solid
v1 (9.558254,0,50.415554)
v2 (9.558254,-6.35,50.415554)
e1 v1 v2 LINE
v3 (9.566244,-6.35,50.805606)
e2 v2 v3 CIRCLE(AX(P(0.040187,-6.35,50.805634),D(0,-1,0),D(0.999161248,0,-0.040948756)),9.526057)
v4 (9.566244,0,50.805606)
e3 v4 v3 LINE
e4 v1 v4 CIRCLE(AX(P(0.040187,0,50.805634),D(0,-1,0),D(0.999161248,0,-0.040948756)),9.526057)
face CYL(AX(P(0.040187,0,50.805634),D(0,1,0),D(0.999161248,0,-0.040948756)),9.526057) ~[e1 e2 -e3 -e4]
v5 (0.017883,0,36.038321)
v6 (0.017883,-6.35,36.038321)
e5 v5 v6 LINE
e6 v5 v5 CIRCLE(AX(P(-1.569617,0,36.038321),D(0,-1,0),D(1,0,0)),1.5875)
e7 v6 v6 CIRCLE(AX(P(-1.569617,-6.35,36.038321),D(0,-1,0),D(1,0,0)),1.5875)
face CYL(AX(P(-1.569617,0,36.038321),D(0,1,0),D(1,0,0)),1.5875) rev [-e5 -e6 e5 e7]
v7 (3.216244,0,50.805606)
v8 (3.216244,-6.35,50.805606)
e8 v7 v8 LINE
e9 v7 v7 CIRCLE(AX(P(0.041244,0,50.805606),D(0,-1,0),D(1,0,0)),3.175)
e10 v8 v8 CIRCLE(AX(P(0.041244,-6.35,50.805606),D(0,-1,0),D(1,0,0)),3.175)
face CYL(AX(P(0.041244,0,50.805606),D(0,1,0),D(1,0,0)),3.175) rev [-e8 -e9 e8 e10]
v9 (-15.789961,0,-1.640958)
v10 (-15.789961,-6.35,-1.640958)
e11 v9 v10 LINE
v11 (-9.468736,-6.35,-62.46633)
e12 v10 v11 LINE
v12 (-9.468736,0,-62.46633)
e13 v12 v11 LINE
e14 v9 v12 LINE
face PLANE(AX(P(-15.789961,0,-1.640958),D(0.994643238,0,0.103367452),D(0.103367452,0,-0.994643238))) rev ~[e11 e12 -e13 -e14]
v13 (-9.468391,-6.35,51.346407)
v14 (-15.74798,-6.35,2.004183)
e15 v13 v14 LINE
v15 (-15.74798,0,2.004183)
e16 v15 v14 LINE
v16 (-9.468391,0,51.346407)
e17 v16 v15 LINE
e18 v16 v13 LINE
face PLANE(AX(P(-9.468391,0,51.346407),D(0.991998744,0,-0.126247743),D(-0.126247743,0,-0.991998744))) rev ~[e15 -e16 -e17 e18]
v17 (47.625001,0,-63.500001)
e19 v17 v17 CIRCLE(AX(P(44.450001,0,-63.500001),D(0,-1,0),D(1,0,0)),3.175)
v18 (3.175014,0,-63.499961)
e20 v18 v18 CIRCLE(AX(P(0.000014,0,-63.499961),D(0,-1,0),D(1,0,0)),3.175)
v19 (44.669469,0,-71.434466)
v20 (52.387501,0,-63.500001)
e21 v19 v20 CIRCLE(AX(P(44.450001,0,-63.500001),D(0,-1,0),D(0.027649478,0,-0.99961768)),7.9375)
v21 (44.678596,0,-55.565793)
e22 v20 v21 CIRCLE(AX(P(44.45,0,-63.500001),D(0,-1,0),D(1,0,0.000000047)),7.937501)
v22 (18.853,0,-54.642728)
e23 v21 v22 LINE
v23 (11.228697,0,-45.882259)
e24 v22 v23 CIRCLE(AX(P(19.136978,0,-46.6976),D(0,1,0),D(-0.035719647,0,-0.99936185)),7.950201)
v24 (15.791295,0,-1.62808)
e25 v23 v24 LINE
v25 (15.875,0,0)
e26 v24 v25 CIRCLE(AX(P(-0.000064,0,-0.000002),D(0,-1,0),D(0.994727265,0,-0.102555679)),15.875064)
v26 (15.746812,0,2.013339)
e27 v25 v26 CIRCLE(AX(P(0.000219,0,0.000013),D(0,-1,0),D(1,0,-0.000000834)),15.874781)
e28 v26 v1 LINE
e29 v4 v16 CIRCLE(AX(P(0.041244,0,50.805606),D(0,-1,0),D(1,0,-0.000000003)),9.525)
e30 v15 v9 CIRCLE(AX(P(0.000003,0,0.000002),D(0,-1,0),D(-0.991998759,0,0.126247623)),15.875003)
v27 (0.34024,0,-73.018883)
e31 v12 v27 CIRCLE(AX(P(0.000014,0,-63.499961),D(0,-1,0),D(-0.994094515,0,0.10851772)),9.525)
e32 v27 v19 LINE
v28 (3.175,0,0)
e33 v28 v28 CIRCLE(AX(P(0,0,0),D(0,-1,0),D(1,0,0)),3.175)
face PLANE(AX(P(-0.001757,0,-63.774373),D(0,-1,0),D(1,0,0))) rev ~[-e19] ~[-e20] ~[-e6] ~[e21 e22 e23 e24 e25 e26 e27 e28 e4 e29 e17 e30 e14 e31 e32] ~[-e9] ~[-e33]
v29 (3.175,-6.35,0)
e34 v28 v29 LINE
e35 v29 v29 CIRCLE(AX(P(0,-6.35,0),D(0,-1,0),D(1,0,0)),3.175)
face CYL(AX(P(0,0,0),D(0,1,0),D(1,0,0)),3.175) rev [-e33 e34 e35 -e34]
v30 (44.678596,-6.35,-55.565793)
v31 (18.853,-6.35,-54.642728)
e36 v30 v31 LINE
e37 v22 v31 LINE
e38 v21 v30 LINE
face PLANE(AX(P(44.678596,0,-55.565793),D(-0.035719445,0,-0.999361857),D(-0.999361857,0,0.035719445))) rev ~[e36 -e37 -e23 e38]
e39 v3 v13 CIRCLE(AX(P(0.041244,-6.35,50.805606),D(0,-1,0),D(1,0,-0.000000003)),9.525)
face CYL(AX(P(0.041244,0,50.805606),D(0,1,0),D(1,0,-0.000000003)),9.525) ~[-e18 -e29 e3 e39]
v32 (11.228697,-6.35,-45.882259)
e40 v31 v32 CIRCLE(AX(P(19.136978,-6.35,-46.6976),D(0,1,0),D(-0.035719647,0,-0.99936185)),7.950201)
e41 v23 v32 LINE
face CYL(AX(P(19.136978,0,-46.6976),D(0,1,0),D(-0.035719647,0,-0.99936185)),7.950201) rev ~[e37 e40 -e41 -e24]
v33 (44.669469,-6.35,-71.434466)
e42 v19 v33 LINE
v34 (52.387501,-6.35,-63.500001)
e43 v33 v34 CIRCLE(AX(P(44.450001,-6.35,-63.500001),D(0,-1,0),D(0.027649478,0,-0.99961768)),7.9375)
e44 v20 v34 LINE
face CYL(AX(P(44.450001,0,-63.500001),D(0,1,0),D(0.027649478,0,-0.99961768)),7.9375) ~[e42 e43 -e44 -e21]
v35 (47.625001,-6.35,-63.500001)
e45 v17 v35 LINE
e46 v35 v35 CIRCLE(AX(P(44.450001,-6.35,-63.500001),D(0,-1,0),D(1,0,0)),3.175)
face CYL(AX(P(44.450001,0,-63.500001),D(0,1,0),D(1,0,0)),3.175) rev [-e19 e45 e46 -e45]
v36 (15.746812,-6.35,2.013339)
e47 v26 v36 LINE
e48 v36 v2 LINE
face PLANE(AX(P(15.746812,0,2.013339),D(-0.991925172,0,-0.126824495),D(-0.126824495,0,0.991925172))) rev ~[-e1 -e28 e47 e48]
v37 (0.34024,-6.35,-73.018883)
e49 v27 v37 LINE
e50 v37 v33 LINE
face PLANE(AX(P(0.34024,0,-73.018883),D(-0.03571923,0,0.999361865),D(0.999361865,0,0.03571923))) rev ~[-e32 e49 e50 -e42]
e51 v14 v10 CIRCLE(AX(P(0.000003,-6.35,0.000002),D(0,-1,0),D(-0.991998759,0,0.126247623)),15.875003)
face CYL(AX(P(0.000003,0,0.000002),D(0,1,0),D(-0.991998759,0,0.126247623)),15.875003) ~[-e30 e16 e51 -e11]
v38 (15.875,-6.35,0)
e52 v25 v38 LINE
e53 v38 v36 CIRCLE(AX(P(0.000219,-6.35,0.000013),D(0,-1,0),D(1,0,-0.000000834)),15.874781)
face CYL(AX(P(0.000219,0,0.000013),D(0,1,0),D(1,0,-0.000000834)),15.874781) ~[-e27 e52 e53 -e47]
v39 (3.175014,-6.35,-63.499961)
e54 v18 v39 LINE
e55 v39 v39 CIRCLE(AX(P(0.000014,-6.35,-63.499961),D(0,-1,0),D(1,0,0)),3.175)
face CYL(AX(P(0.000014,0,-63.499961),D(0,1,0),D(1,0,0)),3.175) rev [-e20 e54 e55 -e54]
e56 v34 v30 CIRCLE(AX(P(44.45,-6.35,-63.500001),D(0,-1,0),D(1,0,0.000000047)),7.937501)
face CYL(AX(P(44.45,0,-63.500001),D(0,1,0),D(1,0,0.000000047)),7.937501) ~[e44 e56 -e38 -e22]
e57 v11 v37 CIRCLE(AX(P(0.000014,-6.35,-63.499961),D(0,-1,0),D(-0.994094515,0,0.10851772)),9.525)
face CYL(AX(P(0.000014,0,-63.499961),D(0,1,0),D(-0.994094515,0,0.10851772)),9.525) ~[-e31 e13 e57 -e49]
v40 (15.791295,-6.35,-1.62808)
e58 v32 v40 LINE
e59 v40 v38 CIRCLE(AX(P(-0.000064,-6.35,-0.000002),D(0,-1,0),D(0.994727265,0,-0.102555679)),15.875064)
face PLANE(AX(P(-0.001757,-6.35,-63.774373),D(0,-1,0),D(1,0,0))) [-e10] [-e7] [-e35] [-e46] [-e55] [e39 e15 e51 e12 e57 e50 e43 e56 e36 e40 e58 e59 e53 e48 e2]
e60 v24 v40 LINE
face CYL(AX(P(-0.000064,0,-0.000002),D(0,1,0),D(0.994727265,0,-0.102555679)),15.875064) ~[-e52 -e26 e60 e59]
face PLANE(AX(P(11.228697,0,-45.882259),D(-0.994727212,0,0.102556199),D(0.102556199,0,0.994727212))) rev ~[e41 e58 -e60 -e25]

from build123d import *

# Parameters (mm, degrees)
F0_R     = 3.175
F0_R_2   = 1.5875
F1_DEPTH = 6.35


with BuildPart() as f1:
    # F0 (on Front) → F1 (new body)
    with BuildSketch(Plane.XZ):
        with BuildLine():
            ThreePointArc((0.34024, -73.018883), (6.854439, -70.113772), (9.525014, -63.499961))
            ThreePointArc((9.525014, -63.499961), (0.517595, -53.989034), (-9.468736, -62.46633))
            ThreePointArc((-9.468736, -62.46633), (-6.976488, -69.98487), (0.34024, -73.018883))
        make_face()
        with Locations((1.4e-05, -63.499961)):
            Circle(F0_R, mode=Mode.SUBTRACT)
        with BuildLine():
            ThreePointArc((-9.468736, -62.46633), (0.517595, -53.989034), (9.525014, -63.499961))
            ThreePointArc((9.525014, -63.499961), (6.854439, -70.113772), (0.34024, -73.018883))
            Line((0.34024, -73.018883), (44.669469, -71.434466))
            ThreePointArc((44.669469, -71.434466), (36.512502, -63.495435), (44.678596, -55.565793))
            Line((44.678596, -55.565793), (18.853, -54.642728))
            ThreePointArc((18.853, -54.642728), (13.139918, -51.916888), (11.228697, -45.882259))
            Line((11.228697, -45.882259), (15.791295, -1.62808))
            ThreePointArc((15.791295, -1.62808), (0.006474, -15.874999), (-15.789961, -1.640958))
            Line((-15.789961, -1.640958), (-9.468736, -62.46633))
        make_face()
        with BuildLine():
            ThreePointArc((-15.74798, 2.004183), (-15.873947, 0.182821), (-15.789961, -1.640958))
            ThreePointArc((-15.789961, -1.640958), (0.006474, -15.874999), (15.791295, -1.62808))
            ThreePointArc((15.791295, -1.62808), (15.85406, -0.815115), (15.875, 0))
            ThreePointArc((15.875, 0), (15.842921, 1.008708), (15.746812, 2.013339))
            ThreePointArc((15.746812, 2.013339), (-0.004615, 15.874999), (-15.74798, 2.004183))
        make_face()
        Circle(F0_R, mode=Mode.SUBTRACT)
        with BuildLine():
            ThreePointArc((44.678596, -55.565793), (36.512502, -63.495435), (44.669469, -71.434466))
            ThreePointArc((44.669469, -71.434466), (50.139726, -69.034523), (52.387501, -63.500001))
            ThreePointArc((52.387501, -63.500001), (50.142908, -57.968752), (44.678596, -55.565793))
        make_face()
        with Locations((44.450001, -63.500001)):
            Circle(F0_R, mode=Mode.SUBTRACT)
        with BuildLine():
            Line((-9.468391, 51.346407), (-15.74798, 2.004183))
            ThreePointArc((-15.74798, 2.004183), (-0.004615, 15.874999), (15.746812, 2.013339))
            Line((15.746812, 2.013339), (9.558254, 50.415554))
            ThreePointArc((9.558254, 50.415554), (-0.424197, 41.291985), (-9.468391, 51.346407))
        make_face()
        with Locations((-1.569617, 36.038321)):
            Circle(F0_R_2, mode=Mode.SUBTRACT)
        with BuildLine():
            ThreePointArc((9.566244, 50.805606), (0.311753, 60.326764), (-9.468391, 51.346407))
            ThreePointArc((-9.468391, 51.346407), (-0.424197, 41.291985), (9.558254, 50.415554))
            ThreePointArc((9.558254, 50.415554), (9.564246, 50.610539), (9.566244, 50.805606))
        make_face()
        with Locations((0.041244, 50.805606)):
            Circle(F0_R, mode=Mode.SUBTRACT)
    extrude(amount=F1_DEPTH)


solid = f1.part
